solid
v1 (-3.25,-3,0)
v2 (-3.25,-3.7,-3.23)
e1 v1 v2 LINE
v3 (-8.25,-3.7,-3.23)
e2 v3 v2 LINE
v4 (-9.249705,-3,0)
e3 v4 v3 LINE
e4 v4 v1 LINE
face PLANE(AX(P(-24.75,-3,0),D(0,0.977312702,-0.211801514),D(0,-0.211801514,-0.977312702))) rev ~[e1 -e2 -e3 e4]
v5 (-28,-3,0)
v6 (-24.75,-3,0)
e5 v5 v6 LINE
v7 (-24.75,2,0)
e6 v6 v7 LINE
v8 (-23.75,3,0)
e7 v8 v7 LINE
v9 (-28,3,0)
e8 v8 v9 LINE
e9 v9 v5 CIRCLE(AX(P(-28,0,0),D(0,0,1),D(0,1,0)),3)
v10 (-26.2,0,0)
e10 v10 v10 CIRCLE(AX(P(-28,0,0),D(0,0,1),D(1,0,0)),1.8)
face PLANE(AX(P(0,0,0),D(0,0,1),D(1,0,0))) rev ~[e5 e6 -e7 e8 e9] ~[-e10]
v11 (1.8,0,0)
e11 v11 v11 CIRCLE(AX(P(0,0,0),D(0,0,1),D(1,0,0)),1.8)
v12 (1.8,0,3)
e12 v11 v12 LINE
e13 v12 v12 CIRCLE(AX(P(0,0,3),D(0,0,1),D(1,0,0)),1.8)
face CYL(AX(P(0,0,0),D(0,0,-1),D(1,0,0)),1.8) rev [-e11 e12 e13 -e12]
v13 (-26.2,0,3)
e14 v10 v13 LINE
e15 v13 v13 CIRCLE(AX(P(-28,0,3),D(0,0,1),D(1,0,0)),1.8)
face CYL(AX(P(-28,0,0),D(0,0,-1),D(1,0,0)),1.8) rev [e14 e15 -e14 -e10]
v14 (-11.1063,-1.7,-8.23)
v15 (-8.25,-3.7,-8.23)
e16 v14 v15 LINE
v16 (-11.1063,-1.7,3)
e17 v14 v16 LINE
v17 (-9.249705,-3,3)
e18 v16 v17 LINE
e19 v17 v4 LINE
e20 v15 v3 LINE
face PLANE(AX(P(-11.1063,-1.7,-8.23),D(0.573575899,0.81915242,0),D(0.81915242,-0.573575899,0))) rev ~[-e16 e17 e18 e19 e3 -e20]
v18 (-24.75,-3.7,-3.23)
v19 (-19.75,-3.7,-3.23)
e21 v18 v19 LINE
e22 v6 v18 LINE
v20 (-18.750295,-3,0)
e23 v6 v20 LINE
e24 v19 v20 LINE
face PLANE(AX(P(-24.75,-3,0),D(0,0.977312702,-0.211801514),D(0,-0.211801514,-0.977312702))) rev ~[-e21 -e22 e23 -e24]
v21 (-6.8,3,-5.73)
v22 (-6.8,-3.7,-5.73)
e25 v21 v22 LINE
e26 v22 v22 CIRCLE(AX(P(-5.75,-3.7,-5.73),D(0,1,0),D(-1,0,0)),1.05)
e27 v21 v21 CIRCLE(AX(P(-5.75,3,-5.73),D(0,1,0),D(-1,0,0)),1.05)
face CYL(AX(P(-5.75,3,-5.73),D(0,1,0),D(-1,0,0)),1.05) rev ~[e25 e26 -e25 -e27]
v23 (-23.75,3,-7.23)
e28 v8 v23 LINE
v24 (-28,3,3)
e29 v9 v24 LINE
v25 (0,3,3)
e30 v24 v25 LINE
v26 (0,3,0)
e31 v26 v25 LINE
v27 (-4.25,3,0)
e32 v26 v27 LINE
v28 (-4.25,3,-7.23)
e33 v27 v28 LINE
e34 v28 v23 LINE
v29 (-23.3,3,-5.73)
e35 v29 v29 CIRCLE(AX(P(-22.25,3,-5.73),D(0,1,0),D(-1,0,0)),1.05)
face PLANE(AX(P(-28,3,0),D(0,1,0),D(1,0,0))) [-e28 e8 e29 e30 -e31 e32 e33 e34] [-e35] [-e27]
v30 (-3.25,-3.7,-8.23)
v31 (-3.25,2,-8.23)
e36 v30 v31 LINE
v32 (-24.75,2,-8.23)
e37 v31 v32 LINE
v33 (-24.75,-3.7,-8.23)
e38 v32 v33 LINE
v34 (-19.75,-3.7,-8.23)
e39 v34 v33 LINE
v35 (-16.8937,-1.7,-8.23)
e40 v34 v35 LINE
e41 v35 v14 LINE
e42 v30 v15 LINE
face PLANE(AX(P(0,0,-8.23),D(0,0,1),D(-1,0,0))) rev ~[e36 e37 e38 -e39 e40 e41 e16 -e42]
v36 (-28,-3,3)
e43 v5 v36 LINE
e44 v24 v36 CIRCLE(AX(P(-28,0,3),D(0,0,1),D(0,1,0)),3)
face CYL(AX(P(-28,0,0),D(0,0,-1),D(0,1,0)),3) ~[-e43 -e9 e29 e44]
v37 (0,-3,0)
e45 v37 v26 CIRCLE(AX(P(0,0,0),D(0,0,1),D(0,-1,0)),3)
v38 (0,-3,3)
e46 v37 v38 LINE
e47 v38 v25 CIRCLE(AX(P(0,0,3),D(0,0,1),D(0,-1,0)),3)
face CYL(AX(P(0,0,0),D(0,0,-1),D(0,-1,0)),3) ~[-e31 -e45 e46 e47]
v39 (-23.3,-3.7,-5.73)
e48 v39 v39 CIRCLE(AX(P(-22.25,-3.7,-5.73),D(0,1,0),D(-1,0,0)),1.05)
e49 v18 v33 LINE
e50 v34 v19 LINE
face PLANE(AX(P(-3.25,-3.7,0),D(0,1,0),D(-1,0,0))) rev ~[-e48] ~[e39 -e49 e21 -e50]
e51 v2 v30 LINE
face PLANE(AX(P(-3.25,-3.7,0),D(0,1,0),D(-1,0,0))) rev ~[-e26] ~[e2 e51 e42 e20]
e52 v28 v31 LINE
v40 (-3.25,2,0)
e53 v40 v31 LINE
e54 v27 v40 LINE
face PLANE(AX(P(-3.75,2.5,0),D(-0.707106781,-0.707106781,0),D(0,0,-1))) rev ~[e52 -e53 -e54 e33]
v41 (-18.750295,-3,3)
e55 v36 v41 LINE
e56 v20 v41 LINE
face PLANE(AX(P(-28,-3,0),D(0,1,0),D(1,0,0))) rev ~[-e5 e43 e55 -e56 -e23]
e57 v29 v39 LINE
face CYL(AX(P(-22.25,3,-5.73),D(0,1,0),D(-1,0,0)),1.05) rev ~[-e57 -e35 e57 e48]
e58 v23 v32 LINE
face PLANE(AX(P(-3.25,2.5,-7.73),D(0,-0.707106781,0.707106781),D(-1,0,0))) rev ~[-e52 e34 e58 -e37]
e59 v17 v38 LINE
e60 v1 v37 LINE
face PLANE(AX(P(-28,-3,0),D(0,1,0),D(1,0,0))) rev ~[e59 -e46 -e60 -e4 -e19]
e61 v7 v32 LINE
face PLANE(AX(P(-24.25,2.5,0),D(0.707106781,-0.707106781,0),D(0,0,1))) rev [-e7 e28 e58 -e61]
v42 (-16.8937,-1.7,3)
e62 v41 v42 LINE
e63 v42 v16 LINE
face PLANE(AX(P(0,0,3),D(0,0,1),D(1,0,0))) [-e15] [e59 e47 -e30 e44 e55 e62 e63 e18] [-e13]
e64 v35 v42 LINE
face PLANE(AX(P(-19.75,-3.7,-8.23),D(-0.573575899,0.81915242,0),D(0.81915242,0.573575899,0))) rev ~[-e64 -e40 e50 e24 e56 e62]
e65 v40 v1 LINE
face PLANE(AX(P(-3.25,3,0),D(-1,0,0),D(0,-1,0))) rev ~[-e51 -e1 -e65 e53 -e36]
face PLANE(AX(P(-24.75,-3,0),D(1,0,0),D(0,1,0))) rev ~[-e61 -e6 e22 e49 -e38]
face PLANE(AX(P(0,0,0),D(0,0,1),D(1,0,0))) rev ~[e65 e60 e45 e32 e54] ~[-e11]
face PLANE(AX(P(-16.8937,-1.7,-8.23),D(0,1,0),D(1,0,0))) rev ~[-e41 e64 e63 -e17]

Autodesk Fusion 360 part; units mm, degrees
sketch "Skizze1" plane through (0, 0, 0) normal (0, 0, 1) x (1, 0, 0)
  circle A0 centre (0, 0) radius 1.8
  circle A1 centre (-28, 0) radius 1.8
  line L0 (-28, 0) -> (0, 0) construction
  line L1 (-28, 3) -> (0, 3)
  line L2 (-28, -3) -> (0, -3)
  arc A2 (-28, 3) -> (-28, -3) centre (-28, 0) ccw
  arc A3 (0, -3) -> (0, 3) centre (0, 0) ccw
  dimension "d1" = 3.6
  dimension "d2" = 28
  dimension "d3" = 6
extrude "Extrusion1" add sketch "Skizze1" along normal blind 3
sketch "Skizze2" plane through (0, 0, 0) normal (0, 0, 1) x (-1, 0, 0)
  circle A0 centre (0, 0) radius 1.8
  circle A1 centre (28, 0) radius 1.8
  arc A2 (28, -3) -> (28, 3) centre (28, 0) ccw
  line L0 (28, 3) -> (0, 3)
  arc A3 (0, 3) -> (0, -3) centre (0, 0) ccw
  line L1 (0, -3) -> (28, -3)
  line L2 (24.75, -3) -> (3.25, -3)
  line L3 (3.25, -3) -> (3.25, 3.7)
  line L4 (3.25, 3.7) -> (24.75, 3.7)
  line L5 (24.75, 3.7) -> (24.75, -3)
  circle A4 centre (0, 0) radius 1.8
  circle A5 centre (28, 0) radius 1.8
  arc A6 (28, -3) -> (28, 3) centre (28, 0) ccw
  line L6 (28, -3) -> (0, -3)
  arc A7 (0, 3) -> (0, -3) centre (0, 0) ccw
  line L7 (0, 3) -> (28, 3)
  line L8 (28, 0) -> (0, 0) construction
  line L9 (14, 0) -> (14, 18.5057) construction
  dimension "d9" = 0.7
  dimension "d10" = 21.5
extrude "Extrusion2" add sketch "Skizze2" against normal blind 8.23 contours L0 L1 L2 L3 L5 L6 L7 | L0 L3 L4 L5 L7
sketch "Skizze3" plane through (0, 3, 0) normal (0, 1, 0) x (-1, 0, 0)
  line L0 (24.75, 0) -> (28, 0)
  line L1 (28, 0) -> (28, 3)
  line L2 (28, 3) -> (0, 3)
  line L3 (0, 3) -> (0, 0)
  line L4 (0, 0) -> (3.25, 0)
  line L5 (3.25, 0) -> (3.25, -8.23)
  line L6 (3.25, -8.23) -> (24.75, -8.23)
  line L7 (24.75, -8.23) -> (24.75, 0)
  circle A0 centre (22.25, -5.73) radius 1.05
  circle A1 centre (5.75, -5.73) radius 1.05
  line L8 (24.75, -5.73) -> (3.25, -5.73) construction
  dimension "d11" = 2.1
  dimension "d13" = 2.5
  dimension "d14" = 2.5
  dimension "d15" = 2.5
extrude "Extrusion3" cut sketch "Skizze3" against normal up to surface (6.7 mm away) contours A0 | A1
chamfer "Fase1" distance 1 angle 45 3 edges at (-24.75, 3, -4.115) (-14, 3, -8.23) (-3.25, 3, -4.115)
sketch "Skizze4" plane through (-24.75, 0, 0) normal (-1, 0, 0) x (0, -1, 0)
  line L0 (-2, 0) -> (-2, -8.23)
  line L1 (-2, -8.23) -> (3.7, -8.23)
  line L2 (3.7, -8.23) -> (3.7, 0)
  line L3 (3.7, 0) -> (3, 0)
  line L4 (3, 0) -> (-2, 0)
  line L5 (3.7, -4.68) -> (3.7, -6.78)
  line L6 (3.7, -4.68) -> (3.7, -6.78)
  line L7 (3.7, 0) -> (3.7, -8.23)
  line L8 (3.7, -8.23) -> (3.7, 0)
  line L9 (3, 0) -> (3, 3)
  line L10 (3, 3) -> (3, 0)
  line L11 (3, 0) -> (3.7, 0)
  line L12 (3.7, 0) -> (3, 0)
  line L13 (3.7, -3.23) -> (3.7, 0)
  line L14 (3, 0) -> (3.7, -3.23)
  dimension "d29" = 5
extrude "Extrusion4" cut sketch "Skizze4" against normal up to surface (21.5 mm away) contours L2 L3 L7 L8 L11 L12 L13 L14
sketch "Skizze5" plane through (0, 0, -8.23) normal (0, 0, -1) x (1, 0, 0)
  line L0 (-24.75, -2) -> (-3.25, -2)
  line L1 (-3.25, -2) -> (-3.25, 3.7)
  line L2 (-3.25, 3.7) -> (-24.75, 3.7)
  line L3 (-24.75, 3.7) -> (-24.75, -2)
  line L4 (-19.75, 3.7) -> (-16.8937, 1.7)
  line L5 (-16.8937, 1.7) -> (-11.1063, 1.7)
  line L6 (-11.1063, 1.7) -> (-8.25, 3.7)
  line L7 (-14, 3.7) -> (-14, -2) construction
  line L8 (-19.75, 3.7) -> (-8.25, 3.7)
  dimension "d22" = 5
  dimension "d24" = 2
  dimension "d25" = 35
extrude "Extrusion5" cut sketch "Skizze5" against normal up to surface (11.23 mm away) contours L2 L4 L5 L6 L8
equation "d7 = -6.73 mm - 1.5 mm"
equation "d13 = 1 mm + 1.5 mm"
equation "d14 = 1 mm + 1.5 mm"
equation "d15 = 1 mm + 1.5 mm"
equation "d22 = 1 mm + 3 mm + 1 mm"
equation "d29 = 1 mm + 3 mm + 1 mm"
